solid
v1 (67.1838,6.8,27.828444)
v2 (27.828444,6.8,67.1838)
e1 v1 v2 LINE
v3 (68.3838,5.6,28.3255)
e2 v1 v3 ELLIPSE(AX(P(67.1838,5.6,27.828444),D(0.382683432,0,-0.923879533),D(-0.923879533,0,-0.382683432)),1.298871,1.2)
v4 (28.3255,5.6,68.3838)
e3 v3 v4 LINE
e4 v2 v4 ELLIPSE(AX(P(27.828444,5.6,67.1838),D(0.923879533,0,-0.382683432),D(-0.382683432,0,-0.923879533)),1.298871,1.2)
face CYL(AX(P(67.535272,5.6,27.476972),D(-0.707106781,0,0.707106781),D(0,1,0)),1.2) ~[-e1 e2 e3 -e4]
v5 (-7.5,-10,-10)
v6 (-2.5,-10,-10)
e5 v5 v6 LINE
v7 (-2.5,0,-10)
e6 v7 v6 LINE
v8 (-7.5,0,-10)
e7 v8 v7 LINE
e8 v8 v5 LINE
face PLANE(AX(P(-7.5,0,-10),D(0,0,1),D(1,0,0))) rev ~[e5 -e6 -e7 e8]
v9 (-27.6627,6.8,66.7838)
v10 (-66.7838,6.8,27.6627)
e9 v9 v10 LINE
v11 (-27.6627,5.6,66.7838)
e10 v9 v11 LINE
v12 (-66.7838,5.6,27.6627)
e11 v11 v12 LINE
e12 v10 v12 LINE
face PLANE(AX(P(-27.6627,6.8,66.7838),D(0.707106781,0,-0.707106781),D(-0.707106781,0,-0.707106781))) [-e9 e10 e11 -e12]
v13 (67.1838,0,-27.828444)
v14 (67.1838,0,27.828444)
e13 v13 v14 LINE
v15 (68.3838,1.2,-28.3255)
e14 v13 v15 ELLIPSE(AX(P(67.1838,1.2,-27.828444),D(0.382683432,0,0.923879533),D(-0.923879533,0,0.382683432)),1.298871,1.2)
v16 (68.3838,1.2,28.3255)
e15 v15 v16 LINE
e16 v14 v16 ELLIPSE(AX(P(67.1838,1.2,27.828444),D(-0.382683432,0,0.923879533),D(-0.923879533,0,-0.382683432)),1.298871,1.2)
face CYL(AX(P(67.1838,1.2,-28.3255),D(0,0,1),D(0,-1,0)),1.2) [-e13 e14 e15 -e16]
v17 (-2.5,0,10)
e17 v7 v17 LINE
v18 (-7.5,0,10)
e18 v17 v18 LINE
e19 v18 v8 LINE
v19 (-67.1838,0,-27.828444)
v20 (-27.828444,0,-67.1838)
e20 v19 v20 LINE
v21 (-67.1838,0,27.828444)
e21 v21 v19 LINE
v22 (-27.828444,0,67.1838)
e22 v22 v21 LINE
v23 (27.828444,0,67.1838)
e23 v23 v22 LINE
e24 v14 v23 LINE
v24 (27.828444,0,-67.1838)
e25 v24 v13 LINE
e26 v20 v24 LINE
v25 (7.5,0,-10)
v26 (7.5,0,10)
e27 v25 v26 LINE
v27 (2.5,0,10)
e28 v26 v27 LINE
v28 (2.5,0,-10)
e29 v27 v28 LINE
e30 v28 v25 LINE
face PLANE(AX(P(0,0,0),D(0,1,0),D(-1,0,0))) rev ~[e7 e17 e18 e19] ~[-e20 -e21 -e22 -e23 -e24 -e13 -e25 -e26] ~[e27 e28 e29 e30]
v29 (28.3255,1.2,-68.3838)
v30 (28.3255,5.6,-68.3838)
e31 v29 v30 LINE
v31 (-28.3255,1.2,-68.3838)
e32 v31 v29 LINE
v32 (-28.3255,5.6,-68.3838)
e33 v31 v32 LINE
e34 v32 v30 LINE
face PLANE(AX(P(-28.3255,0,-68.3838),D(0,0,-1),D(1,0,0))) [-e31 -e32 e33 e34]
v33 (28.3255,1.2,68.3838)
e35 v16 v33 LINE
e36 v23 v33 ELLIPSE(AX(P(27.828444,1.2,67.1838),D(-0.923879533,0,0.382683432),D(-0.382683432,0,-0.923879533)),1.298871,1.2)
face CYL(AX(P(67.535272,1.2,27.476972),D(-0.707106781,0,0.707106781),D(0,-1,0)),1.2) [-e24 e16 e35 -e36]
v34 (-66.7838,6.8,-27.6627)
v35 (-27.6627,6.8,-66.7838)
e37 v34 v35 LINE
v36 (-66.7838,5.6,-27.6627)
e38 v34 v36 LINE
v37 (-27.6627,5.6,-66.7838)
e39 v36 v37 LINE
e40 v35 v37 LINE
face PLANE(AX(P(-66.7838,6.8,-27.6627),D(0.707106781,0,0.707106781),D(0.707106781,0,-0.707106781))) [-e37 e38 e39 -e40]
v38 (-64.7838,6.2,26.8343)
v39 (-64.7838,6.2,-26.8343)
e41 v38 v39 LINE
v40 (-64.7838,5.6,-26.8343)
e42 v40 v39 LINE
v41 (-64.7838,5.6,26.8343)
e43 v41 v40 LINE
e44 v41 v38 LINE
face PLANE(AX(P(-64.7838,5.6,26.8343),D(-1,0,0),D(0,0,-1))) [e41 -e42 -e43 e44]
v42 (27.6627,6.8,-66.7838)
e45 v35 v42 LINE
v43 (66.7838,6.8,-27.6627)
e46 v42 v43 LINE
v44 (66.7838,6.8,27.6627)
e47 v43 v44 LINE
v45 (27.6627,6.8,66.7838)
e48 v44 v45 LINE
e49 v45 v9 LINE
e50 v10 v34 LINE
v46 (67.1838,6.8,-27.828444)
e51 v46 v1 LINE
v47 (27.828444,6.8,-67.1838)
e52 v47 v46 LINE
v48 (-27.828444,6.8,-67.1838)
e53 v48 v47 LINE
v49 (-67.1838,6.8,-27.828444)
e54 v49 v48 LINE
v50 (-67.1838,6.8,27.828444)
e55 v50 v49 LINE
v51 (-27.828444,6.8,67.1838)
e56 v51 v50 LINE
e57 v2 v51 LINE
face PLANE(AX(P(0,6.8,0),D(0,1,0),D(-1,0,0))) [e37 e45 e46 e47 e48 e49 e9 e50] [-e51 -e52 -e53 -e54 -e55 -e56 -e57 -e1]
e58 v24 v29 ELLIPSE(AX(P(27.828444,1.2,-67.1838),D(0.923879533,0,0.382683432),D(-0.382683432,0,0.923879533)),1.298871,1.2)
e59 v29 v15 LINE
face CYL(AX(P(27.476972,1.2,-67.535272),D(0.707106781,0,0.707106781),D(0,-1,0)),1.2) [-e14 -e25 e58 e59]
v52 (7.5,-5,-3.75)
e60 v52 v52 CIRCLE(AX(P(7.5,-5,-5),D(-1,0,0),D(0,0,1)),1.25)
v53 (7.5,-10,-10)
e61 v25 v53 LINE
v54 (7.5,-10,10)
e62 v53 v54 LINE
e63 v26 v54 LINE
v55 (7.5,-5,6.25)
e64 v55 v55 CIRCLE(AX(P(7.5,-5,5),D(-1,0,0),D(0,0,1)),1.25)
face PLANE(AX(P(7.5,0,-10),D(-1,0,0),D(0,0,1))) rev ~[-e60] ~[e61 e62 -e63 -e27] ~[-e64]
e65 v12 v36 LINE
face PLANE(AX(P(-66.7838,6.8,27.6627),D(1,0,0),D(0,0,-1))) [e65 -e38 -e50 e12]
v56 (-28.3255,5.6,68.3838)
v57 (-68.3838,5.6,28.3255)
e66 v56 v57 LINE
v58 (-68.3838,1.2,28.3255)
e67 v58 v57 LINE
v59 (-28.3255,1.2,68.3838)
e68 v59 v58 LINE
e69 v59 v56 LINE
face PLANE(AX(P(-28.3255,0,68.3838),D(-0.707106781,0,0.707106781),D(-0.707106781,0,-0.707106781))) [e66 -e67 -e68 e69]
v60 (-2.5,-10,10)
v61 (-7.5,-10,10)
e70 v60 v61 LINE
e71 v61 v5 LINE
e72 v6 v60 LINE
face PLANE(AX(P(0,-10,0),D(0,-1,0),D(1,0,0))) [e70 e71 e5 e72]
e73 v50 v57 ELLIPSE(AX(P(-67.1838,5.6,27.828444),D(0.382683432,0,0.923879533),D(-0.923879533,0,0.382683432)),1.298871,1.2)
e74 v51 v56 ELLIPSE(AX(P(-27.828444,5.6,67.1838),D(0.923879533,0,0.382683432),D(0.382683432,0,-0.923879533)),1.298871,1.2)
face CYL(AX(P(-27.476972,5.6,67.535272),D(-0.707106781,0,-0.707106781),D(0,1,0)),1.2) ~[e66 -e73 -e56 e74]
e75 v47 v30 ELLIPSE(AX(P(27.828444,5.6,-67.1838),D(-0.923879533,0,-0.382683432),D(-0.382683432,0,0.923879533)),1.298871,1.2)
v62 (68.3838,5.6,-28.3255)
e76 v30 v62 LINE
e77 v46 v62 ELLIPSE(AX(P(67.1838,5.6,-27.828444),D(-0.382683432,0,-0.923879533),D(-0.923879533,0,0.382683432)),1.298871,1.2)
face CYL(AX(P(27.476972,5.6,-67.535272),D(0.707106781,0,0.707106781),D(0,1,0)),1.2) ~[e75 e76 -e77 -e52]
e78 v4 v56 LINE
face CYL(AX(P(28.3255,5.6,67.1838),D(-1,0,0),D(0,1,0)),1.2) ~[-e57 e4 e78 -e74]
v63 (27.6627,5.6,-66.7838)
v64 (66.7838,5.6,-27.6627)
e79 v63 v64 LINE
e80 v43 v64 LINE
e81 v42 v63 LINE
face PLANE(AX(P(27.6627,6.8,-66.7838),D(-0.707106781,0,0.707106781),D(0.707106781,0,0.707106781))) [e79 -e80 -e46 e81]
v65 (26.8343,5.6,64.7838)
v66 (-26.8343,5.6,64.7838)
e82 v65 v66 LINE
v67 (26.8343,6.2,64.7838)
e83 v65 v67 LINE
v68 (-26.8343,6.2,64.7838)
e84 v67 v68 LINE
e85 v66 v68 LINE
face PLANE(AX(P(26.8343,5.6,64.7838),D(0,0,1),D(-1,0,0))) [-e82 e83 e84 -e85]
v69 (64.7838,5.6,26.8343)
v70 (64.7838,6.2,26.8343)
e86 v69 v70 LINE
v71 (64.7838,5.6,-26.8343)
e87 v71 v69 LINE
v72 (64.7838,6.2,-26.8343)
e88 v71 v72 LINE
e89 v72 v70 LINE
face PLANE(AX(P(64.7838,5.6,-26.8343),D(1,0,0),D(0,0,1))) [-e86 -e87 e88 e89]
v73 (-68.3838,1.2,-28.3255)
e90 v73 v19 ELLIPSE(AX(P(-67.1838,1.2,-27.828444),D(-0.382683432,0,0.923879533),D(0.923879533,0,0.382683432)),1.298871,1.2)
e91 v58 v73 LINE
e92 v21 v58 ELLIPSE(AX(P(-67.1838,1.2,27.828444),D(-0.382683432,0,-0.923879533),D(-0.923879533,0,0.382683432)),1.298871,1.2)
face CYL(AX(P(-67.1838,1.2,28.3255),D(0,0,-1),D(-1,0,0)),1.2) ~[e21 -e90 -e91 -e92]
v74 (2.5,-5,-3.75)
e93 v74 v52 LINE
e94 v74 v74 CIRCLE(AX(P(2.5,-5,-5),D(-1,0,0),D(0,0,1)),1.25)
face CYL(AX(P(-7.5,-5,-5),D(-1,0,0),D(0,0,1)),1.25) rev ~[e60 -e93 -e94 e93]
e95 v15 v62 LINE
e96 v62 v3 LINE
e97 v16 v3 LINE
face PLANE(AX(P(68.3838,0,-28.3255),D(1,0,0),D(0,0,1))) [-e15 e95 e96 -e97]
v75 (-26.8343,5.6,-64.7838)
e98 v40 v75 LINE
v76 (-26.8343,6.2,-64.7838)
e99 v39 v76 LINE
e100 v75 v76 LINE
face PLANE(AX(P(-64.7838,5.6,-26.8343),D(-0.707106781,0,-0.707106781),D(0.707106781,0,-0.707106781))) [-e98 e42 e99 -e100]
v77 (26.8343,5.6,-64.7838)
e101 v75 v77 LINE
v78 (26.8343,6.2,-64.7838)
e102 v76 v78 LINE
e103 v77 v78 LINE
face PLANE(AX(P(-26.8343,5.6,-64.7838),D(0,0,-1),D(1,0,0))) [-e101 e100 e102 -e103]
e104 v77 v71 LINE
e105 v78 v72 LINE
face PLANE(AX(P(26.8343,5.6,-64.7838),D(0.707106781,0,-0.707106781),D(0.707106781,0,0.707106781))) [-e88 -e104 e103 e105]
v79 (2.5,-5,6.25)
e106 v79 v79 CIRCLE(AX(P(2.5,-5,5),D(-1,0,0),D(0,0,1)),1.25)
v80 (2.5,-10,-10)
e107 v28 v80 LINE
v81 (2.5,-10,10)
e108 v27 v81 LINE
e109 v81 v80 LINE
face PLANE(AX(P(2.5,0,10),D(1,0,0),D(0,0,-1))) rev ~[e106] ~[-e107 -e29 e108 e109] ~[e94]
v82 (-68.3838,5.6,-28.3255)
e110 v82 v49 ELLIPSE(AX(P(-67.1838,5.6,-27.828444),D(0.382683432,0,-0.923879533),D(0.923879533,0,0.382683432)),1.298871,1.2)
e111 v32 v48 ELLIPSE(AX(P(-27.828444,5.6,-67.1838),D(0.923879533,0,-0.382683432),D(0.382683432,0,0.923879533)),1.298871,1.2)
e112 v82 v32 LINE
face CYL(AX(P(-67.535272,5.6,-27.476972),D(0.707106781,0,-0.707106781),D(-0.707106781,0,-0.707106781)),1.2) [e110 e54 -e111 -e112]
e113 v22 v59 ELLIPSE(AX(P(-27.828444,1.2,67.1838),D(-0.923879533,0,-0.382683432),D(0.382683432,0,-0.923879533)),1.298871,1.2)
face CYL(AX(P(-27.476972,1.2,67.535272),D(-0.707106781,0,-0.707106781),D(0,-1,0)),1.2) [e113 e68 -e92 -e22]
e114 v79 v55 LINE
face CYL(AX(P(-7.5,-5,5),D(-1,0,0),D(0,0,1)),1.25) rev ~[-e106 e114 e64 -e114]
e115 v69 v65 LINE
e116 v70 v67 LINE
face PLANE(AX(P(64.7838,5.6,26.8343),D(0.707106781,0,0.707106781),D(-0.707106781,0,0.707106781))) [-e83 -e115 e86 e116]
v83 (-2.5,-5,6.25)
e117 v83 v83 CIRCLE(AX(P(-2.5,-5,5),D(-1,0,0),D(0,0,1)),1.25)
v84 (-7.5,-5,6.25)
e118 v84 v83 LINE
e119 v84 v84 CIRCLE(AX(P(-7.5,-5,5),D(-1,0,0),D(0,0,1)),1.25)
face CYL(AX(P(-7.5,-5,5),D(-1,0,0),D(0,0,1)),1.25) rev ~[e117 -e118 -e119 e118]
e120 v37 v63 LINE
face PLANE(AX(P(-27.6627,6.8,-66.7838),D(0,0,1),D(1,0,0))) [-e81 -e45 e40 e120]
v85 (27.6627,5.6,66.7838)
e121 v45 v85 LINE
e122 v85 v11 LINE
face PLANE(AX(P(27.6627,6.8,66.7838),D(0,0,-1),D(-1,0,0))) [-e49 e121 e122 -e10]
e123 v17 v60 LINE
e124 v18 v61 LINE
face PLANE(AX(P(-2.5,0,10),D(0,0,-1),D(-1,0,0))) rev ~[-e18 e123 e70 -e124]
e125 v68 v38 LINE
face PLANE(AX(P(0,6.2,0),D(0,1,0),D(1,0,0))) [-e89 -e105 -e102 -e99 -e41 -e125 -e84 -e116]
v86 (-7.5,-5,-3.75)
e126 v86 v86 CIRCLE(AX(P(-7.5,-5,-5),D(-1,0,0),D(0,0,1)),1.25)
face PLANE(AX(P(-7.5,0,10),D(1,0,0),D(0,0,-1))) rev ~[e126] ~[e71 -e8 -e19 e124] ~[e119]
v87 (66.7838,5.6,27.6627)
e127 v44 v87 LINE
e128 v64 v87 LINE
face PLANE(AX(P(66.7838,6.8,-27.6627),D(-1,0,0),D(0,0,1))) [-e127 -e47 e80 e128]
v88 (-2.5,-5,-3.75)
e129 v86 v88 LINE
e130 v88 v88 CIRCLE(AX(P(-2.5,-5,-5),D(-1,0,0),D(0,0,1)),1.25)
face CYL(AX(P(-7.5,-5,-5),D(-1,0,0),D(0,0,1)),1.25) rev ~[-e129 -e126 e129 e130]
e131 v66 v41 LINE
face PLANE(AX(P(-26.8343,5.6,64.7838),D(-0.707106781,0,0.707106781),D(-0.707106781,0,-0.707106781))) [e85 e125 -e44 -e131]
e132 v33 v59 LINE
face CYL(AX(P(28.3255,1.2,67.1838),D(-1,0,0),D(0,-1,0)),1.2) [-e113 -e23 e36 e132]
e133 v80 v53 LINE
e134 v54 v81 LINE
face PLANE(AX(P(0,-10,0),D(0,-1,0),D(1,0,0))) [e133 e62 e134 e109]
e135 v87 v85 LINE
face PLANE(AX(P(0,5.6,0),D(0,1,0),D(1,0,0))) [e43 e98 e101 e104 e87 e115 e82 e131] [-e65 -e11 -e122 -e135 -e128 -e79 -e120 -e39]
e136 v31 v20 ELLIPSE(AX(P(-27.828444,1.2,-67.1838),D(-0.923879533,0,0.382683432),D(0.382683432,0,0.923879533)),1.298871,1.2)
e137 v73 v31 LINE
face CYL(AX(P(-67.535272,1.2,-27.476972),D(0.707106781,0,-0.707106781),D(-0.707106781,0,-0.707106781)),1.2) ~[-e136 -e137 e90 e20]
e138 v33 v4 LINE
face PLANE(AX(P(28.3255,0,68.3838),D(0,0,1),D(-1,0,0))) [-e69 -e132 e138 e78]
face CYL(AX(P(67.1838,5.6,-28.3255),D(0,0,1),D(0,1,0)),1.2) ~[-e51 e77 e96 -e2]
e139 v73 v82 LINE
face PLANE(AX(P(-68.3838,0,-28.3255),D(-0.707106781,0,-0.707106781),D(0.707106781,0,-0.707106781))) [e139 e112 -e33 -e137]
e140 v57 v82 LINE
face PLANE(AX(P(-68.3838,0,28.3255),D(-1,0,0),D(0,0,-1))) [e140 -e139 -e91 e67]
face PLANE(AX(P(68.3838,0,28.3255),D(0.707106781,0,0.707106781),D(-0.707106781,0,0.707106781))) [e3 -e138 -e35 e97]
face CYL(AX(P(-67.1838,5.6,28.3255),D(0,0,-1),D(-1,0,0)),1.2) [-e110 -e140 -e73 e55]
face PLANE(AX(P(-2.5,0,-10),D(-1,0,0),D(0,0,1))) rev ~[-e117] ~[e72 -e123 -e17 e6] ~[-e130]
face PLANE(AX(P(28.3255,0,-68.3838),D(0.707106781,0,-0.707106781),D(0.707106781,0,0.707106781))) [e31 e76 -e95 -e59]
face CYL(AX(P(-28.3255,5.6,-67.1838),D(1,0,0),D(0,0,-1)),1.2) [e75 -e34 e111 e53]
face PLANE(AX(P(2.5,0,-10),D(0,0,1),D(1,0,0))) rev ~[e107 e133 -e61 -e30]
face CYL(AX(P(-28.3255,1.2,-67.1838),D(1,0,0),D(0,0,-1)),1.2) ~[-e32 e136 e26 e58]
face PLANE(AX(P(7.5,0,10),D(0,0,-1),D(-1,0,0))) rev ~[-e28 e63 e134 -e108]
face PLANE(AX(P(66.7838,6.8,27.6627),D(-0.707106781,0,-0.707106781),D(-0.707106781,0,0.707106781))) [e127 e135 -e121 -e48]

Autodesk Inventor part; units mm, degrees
ref_plane "YZ Plane" through (0, 0, 0) normal (1, 0, 0) x (0, 1, 0)
ref_plane "XZ Plane" through (0, 0, 0) normal (0, 1, 0) x (-1, 0, 0)
ref_plane "XY Plane" through (0, 0, 0) normal (0, 0, 1) x (1, 0, 0)
sketch "스케치3" plane through (0, 0, 0) normal (0, 1, 0) x (-1, 0, 0)
  line L0 (68.3838, -28.3255) -> (28.3255, -68.3838)
  line L1 (28.3255, -68.3838) -> (-28.3255, -68.3838)
  line L2 (-28.3255, -68.3838) -> (-68.3838, -28.3255)
  line L3 (-68.3838, -28.3255) -> (-68.3838, 28.3255)
  line L4 (-68.3838, 28.3255) -> (-28.3255, 68.3838)
  line L5 (-28.3255, 68.3838) -> (28.3255, 68.3838)
  line L6 (28.3255, 68.3838) -> (68.3838, 28.3255)
  line L7 (68.3838, 28.3255) -> (68.3838, -28.3255)
  line L8 (27, -65.1838) -> (-27, -65.1838)
  line L9 (-27, -65.1838) -> (-65.1838, -27)
  line L10 (-65.1838, -27) -> (-65.1838, 27)
  line L11 (-65.1838, 27) -> (-27, 65.1838)
  line L12 (-27, 65.1838) -> (27, 65.1838)
  line L13 (27, 65.1838) -> (65.1838, 27)
  line L14 (65.1838, 27) -> (65.1838, -27)
  line L15 (65.1838, -27) -> (27, -65.1838)
  point P0 (0, 0)
  point P1 (0, 0)
  point P2 (0, 0)
  point P3 (0, 0)
  dimension "d66" = 54
  dimension "d67" = 3.2
extrude "돌출2" add sketch "스케치3" along normal blind 6.8 contours L0 L1 L2 L3 L4 L5 L6 L7 | L8 L9 L10 L11 L12 L13 L14 L15
sketch "스케치4" plane through (0, 6.8, 0) normal (0, 1, 0) x (1, 0, 0)
  line L0 (26.9172, -64.9838) -> (-26.9172, -64.9838)
  line L1 (-26.9172, -64.9838) -> (-64.9838, -26.9172)
  line L2 (-64.9838, -26.9172) -> (-64.9838, 26.9172)
  line L3 (-64.9838, 26.9172) -> (-26.9172, 64.9838)
  line L4 (-26.9172, 64.9838) -> (26.9172, 64.9838)
  line L5 (26.9172, 64.9838) -> (64.9838, 26.9172)
  line L6 (64.9838, 26.9172) -> (64.9838, -26.9172)
  line L7 (64.9838, -26.9172) -> (26.9172, -64.9838)
  line L8 (-27.6627, 66.7838) -> (27.6627, 66.7838)
  line L9 (27.6627, 66.7838) -> (66.7838, 27.6627)
  line L10 (66.7838, 27.6627) -> (66.7838, -27.6627)
  line L11 (66.7838, -27.6627) -> (27.6627, -66.7838)
  line L12 (27.6627, -66.7838) -> (-27.6627, -66.7838)
  line L13 (-27.6627, -66.7838) -> (-66.7838, -27.6627)
  line L14 (-66.7838, -27.6627) -> (-66.7838, 27.6627)
  line L15 (-66.7838, 27.6627) -> (-27.6627, 66.7838)
  line L16 (-26.8343, 64.7838) -> (26.8343, 64.7838)
  line L17 (26.8343, 64.7838) -> (64.7838, 26.8343)
  line L18 (64.7838, 26.8343) -> (64.7838, -26.8343)
  line L19 (64.7838, -26.8343) -> (26.8343, -64.7838)
  line L20 (26.8343, -64.7838) -> (-26.8343, -64.7838)
  line L21 (-26.8343, -64.7838) -> (-64.7838, -26.8343)
  line L22 (-64.7838, -26.8343) -> (-64.7838, 26.8343)
  line L23 (-64.7838, 26.8343) -> (-26.8343, 64.7838)
  line L24 (-68.3838, 28.3255) -> (-68.3838, -28.3255) projected
  point P0 (0, 0)
  point P1 (0, 0)
  point P2 (0, 0)
  point P3 (0, 0)
  dimension "d68" = 1.8
  dimension "d69" = 0.2
  dimension "d99" = 1.6
extrude "돌출3" cut sketch "스케치4" against normal blind 1.2 contours L0 L1 L2 L3 L4 L5 L6 L7 | L8 L9 L10 L11 L12 L13 L14 L15 | L16 L17 L18 L19 L20 L21 L22 L23
sketch "스케치9" plane through (0, 0, 0) normal (0, -1, 0) x (1, 0, 0)
  line L0 (7.5, 10) -> (2.5, 10)
  line L1 (2.5, 10) -> (2.5, -10)
  line L2 (2.5, -10) -> (7.5, -10)
  line L3 (7.5, -10) -> (7.5, 10)
  line L4 (7.5, 10) -> (2.5, -10) construction
  line L5 (2.5, 10) -> (7.5, -10) construction
  line L6 (-2.5, 10) -> (-7.5, 10)
  line L7 (-7.5, 10) -> (-7.5, -10)
  line L8 (-7.5, -10) -> (-2.5, -10)
  line L9 (-2.5, 10) -> (-7.5, -10) construction
  line L10 (-7.5, 10) -> (-2.5, -10) construction
  line L11 (-2.5, -10) -> (-2.5, 10)
  point P0 (0, 0)
  point P1 (5, 0)
  point P2 (-5, 0)
  dimension "d42" = 20
  dimension "d43" = 5
  dimension "d44" = 2.5
  dimension "d47" = 10
extrude "돌출8" add sketch "스케치9" along normal blind 10
sketch "스케치10" plane through (-7.5, 0, -10) normal (-1, 0, 0) x (0, 0, 1)
  circle A0 centre (15, -5) radius 1.25
  line L0 (19.9591, 0) -> (0.0886, 0)
  line L1 (38.3255, 0) -> (-18.3255, 0) projected
  circle A1 centre (5, -5) radius 1.25
  line L2 (20, 0) -> (20, -10) projected
  point P0 (10, 0)
  dimension "d54" = 2.5
  dimension "d57" = 10
  dimension "d62" = 5
  dimension "d63" = 5
extrude "돌출9" cut sketch "스케치10" against normal blind 20
sketch "스케치11" plane through (0, 5.6, 0) normal (0, 1, 0) x (1, 0, 0)
  line L0 (-26.8343, 64.7838) -> (26.8343, 64.7838)
  line L1 (26.8343, 64.7838) -> (64.7838, 26.8343)
  line L2 (64.7838, 26.8343) -> (64.7838, -26.8343)
  line L3 (64.7838, -26.8343) -> (26.8343, -64.7838)
  line L4 (26.8343, -64.7838) -> (-26.8343, -64.7838)
  line L5 (-26.8343, -64.7838) -> (-64.7838, -26.8343)
  line L6 (-64.7838, -26.8343) -> (-64.7838, 26.8343)
  line L7 (-64.7838, 26.8343) -> (-26.8343, 64.7838)
  line L8 (-27.6627, 66.7838) -> (27.6627, 66.7838) projected
  line L9 (-25.5917, 61.7838) -> (25.5917, 61.7838)
  line L10 (25.5917, 61.7838) -> (61.7838, 25.5917)
  line L11 (61.7838, 25.5917) -> (61.7838, -25.5917)
  line L12 (61.7838, -25.5917) -> (25.5917, -61.7838)
  line L13 (25.5917, -61.7838) -> (-25.5917, -61.7838)
  line L14 (-25.5917, -61.7838) -> (-61.7838, -25.5917)
  line L15 (-61.7838, -25.5917) -> (-61.7838, 25.5917)
  line L16 (-61.7838, 25.5917) -> (-25.5917, 61.7838)
  point P0 (0, 0)
  point P1 (0, 0)
  point P2 (0, 0)
  dimension "d70" = 2
  dimension "d71" = 3
extrude "돌출10" add sketch "스케치11" along normal blind 0.6 contours L0 L1 L2 L3 L4 L5 L6 L7 | L9 L10 L11 L12 L13 L14 L15 L16
fillet "모깎기1" radius 1.2 16 edges at (-48.3546, 6.8, 48.3546) (0, 6.8, 68.3838) (48.3546, 6.8, 48.3546) (68.3838, 6.8, 0) (48.3546, 6.8, -48.3546) (0, 6.8, -68.3838) (-48.3546, 6.8, -48.3546) (-68.3838, 6.8, 0) (-48.3546, 0, 48.3546) (0, 0, 68.3838) (48.3546, 0, 48.3546) (68.3838, 0, 0) (48.3546, 0, -48.3546) (0, 0, -68.3838) (-48.3546, 0, -48.3546) (-68.3838, 0, 0)
properties part number "OV-PAM_bottom_2"
